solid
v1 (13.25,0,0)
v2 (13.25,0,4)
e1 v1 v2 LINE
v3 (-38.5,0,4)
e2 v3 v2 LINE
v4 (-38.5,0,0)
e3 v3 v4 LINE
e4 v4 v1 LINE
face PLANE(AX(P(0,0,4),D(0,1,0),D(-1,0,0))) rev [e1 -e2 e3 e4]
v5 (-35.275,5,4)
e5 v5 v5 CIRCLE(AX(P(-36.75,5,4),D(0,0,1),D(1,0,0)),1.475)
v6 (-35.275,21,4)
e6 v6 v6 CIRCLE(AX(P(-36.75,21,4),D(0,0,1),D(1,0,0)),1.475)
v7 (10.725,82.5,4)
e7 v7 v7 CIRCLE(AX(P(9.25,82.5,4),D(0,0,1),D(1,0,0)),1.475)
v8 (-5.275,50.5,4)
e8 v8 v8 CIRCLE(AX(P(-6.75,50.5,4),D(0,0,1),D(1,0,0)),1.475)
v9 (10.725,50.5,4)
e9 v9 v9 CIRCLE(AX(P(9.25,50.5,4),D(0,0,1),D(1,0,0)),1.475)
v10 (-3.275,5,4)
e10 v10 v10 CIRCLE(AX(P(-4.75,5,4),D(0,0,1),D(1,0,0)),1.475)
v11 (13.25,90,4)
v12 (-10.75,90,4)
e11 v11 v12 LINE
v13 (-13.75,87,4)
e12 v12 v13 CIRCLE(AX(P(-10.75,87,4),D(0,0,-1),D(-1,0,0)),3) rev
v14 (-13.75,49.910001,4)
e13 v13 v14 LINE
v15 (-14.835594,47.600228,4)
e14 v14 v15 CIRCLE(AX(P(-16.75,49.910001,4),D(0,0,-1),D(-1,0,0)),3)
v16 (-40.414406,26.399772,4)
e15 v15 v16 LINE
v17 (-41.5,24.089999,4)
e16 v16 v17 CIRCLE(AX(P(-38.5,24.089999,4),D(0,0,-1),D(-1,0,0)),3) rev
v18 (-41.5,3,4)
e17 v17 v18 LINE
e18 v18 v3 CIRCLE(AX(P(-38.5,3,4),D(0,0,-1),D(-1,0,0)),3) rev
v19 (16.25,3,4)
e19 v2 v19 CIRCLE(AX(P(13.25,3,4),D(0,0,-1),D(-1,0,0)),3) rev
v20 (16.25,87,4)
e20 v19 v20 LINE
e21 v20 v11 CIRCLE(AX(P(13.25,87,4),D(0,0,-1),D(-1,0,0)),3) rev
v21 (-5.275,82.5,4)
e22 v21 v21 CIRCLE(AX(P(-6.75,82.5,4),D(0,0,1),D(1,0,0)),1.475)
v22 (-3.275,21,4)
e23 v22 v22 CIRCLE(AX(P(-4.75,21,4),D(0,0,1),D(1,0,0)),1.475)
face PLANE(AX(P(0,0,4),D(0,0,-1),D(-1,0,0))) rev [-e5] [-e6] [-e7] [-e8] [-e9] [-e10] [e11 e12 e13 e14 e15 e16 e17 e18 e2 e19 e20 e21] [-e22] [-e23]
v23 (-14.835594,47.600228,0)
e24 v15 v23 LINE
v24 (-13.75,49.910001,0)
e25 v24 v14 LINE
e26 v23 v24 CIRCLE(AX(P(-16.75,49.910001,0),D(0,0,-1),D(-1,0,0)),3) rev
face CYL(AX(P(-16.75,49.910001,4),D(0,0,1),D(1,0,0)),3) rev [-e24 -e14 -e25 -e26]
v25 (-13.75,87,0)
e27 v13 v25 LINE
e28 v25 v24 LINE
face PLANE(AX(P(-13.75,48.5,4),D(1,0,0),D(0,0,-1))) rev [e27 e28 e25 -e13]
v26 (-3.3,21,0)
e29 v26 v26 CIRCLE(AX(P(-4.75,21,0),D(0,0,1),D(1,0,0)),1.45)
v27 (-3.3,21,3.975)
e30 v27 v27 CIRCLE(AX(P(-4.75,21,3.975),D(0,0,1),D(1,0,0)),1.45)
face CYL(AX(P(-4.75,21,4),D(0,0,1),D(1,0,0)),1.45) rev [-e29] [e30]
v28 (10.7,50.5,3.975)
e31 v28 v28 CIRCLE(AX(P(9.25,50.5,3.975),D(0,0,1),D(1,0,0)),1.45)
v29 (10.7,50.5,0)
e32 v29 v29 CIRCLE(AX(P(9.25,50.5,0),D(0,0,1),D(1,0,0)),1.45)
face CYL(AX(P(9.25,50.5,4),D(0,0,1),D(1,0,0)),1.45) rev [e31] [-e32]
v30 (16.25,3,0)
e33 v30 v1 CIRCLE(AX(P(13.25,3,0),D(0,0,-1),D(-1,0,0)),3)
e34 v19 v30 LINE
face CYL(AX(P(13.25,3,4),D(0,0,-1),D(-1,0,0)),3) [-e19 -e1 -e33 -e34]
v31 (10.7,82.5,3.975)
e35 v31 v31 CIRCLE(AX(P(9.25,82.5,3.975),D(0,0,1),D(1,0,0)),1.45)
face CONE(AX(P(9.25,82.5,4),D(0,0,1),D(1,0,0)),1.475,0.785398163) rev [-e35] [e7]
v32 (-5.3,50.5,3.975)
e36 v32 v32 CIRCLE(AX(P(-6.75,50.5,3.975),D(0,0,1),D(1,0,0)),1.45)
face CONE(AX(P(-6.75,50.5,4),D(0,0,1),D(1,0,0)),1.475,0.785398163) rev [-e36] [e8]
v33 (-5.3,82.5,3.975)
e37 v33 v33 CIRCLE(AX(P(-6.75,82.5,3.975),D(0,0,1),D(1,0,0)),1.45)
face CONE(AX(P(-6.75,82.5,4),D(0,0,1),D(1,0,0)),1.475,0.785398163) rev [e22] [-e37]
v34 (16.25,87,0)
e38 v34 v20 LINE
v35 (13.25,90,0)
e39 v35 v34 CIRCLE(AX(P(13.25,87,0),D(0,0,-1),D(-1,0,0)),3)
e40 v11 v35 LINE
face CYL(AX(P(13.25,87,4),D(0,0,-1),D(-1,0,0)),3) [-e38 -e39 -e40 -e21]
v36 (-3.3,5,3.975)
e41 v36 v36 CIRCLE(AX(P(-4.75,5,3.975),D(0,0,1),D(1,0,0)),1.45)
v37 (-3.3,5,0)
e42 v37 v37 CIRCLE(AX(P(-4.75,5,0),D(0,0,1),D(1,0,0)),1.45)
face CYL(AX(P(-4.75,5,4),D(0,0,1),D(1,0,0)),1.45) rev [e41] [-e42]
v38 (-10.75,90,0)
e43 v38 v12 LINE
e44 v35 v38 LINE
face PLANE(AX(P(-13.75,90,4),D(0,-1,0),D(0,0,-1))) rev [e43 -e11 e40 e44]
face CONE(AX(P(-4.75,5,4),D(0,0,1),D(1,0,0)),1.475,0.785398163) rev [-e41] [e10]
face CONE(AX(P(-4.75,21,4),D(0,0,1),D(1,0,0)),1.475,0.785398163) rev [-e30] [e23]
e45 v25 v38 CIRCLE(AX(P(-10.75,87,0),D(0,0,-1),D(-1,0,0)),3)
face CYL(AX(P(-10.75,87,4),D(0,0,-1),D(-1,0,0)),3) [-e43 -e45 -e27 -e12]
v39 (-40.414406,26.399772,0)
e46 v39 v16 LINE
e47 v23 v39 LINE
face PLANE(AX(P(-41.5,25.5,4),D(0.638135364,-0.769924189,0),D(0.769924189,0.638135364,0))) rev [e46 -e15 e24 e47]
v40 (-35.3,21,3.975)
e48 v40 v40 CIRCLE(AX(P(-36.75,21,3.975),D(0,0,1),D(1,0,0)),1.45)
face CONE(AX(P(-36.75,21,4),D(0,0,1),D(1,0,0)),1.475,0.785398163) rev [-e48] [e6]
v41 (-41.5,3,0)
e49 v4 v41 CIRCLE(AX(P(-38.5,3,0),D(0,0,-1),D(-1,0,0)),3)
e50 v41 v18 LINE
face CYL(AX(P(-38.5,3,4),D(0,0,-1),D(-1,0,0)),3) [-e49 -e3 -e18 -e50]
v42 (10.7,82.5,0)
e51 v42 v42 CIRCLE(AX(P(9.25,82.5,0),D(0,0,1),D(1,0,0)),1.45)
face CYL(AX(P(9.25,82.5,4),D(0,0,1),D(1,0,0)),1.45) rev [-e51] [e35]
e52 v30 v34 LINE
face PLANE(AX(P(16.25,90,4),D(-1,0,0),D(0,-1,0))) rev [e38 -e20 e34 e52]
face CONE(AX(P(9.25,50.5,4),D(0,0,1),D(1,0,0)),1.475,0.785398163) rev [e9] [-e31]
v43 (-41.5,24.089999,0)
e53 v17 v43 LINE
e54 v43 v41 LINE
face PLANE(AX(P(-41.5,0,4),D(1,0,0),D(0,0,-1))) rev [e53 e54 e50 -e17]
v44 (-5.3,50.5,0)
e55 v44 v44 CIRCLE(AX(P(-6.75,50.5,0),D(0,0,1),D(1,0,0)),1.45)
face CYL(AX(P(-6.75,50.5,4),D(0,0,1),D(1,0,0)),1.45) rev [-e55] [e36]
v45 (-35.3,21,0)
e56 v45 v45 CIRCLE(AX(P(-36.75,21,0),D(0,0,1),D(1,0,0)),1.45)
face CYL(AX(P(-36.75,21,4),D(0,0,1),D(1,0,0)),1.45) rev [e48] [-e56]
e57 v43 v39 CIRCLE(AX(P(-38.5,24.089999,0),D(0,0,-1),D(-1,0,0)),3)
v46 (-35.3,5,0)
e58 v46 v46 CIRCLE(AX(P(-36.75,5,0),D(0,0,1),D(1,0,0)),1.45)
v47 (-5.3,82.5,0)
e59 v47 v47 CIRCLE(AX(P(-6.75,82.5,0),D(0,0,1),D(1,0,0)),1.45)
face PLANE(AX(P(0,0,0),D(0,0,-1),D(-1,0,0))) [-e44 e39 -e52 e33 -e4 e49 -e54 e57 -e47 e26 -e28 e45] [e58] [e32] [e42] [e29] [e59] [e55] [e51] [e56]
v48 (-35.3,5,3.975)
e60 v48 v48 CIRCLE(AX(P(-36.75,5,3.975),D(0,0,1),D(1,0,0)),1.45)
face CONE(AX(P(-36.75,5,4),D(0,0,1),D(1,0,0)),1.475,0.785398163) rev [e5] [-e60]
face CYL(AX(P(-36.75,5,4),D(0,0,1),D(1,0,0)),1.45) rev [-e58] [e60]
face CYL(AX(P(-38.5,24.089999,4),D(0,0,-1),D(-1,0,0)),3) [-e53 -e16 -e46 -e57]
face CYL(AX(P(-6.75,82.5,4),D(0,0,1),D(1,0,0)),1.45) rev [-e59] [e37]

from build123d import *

# Parameters (mm, degrees)
EXTRUDE_1_DEPTH                = 4
HOLE_WIZARD_M2_5_1_D           = 2.9
HOLE_WIZARD_M2_5_1_CSINK_D     = 2.95
HOLE_WIZARD_M2_5_1_CSINK_ANGLE = 90
FILLET_2_R                     = 3


with BuildPart() as part:
    # 草图1 → 凸台-拉伸1 (new body)
    with BuildSketch(Plane.XY):
        Polygon((0, 0), (-41.5, 0), (-41.5, 25.5), (-13.75, 48.5), (-13.75, 90), (16.25, 90), (16.25, 0), align=None)
    extrude(amount=EXTRUDE_1_DEPTH)

    # M2.5 间隙孔1 (through all)
    with Locations(Plane.XY.offset(4)):
        with Locations((9.25, 50.5), (-36.75, 5), (-36.75, 21), (-4.75, 5), (-4.75, 21), (-6.75, 82.5), (9.25, 82.5), (-6.75, 50.5)):
            CounterSinkHole(HOLE_WIZARD_M2_5_1_D / 2, HOLE_WIZARD_M2_5_1_CSINK_D / 2, counter_sink_angle=HOLE_WIZARD_M2_5_1_CSINK_ANGLE)

    # 圆角2
    fillet_2_edges = [part.edges().sort_by_distance(p)[0] for p in [
        (-41.5, 0, 2),
        (-41.5, 25.5, 2),
        (-13.75, 48.5, 2),
        (-13.75, 90, 2),
        (16.25, 90, 2),
        (16.25, 0, 2),
    ]]
    fillet(fillet_2_edges, radius=FILLET_2_R)


solid = part.part
